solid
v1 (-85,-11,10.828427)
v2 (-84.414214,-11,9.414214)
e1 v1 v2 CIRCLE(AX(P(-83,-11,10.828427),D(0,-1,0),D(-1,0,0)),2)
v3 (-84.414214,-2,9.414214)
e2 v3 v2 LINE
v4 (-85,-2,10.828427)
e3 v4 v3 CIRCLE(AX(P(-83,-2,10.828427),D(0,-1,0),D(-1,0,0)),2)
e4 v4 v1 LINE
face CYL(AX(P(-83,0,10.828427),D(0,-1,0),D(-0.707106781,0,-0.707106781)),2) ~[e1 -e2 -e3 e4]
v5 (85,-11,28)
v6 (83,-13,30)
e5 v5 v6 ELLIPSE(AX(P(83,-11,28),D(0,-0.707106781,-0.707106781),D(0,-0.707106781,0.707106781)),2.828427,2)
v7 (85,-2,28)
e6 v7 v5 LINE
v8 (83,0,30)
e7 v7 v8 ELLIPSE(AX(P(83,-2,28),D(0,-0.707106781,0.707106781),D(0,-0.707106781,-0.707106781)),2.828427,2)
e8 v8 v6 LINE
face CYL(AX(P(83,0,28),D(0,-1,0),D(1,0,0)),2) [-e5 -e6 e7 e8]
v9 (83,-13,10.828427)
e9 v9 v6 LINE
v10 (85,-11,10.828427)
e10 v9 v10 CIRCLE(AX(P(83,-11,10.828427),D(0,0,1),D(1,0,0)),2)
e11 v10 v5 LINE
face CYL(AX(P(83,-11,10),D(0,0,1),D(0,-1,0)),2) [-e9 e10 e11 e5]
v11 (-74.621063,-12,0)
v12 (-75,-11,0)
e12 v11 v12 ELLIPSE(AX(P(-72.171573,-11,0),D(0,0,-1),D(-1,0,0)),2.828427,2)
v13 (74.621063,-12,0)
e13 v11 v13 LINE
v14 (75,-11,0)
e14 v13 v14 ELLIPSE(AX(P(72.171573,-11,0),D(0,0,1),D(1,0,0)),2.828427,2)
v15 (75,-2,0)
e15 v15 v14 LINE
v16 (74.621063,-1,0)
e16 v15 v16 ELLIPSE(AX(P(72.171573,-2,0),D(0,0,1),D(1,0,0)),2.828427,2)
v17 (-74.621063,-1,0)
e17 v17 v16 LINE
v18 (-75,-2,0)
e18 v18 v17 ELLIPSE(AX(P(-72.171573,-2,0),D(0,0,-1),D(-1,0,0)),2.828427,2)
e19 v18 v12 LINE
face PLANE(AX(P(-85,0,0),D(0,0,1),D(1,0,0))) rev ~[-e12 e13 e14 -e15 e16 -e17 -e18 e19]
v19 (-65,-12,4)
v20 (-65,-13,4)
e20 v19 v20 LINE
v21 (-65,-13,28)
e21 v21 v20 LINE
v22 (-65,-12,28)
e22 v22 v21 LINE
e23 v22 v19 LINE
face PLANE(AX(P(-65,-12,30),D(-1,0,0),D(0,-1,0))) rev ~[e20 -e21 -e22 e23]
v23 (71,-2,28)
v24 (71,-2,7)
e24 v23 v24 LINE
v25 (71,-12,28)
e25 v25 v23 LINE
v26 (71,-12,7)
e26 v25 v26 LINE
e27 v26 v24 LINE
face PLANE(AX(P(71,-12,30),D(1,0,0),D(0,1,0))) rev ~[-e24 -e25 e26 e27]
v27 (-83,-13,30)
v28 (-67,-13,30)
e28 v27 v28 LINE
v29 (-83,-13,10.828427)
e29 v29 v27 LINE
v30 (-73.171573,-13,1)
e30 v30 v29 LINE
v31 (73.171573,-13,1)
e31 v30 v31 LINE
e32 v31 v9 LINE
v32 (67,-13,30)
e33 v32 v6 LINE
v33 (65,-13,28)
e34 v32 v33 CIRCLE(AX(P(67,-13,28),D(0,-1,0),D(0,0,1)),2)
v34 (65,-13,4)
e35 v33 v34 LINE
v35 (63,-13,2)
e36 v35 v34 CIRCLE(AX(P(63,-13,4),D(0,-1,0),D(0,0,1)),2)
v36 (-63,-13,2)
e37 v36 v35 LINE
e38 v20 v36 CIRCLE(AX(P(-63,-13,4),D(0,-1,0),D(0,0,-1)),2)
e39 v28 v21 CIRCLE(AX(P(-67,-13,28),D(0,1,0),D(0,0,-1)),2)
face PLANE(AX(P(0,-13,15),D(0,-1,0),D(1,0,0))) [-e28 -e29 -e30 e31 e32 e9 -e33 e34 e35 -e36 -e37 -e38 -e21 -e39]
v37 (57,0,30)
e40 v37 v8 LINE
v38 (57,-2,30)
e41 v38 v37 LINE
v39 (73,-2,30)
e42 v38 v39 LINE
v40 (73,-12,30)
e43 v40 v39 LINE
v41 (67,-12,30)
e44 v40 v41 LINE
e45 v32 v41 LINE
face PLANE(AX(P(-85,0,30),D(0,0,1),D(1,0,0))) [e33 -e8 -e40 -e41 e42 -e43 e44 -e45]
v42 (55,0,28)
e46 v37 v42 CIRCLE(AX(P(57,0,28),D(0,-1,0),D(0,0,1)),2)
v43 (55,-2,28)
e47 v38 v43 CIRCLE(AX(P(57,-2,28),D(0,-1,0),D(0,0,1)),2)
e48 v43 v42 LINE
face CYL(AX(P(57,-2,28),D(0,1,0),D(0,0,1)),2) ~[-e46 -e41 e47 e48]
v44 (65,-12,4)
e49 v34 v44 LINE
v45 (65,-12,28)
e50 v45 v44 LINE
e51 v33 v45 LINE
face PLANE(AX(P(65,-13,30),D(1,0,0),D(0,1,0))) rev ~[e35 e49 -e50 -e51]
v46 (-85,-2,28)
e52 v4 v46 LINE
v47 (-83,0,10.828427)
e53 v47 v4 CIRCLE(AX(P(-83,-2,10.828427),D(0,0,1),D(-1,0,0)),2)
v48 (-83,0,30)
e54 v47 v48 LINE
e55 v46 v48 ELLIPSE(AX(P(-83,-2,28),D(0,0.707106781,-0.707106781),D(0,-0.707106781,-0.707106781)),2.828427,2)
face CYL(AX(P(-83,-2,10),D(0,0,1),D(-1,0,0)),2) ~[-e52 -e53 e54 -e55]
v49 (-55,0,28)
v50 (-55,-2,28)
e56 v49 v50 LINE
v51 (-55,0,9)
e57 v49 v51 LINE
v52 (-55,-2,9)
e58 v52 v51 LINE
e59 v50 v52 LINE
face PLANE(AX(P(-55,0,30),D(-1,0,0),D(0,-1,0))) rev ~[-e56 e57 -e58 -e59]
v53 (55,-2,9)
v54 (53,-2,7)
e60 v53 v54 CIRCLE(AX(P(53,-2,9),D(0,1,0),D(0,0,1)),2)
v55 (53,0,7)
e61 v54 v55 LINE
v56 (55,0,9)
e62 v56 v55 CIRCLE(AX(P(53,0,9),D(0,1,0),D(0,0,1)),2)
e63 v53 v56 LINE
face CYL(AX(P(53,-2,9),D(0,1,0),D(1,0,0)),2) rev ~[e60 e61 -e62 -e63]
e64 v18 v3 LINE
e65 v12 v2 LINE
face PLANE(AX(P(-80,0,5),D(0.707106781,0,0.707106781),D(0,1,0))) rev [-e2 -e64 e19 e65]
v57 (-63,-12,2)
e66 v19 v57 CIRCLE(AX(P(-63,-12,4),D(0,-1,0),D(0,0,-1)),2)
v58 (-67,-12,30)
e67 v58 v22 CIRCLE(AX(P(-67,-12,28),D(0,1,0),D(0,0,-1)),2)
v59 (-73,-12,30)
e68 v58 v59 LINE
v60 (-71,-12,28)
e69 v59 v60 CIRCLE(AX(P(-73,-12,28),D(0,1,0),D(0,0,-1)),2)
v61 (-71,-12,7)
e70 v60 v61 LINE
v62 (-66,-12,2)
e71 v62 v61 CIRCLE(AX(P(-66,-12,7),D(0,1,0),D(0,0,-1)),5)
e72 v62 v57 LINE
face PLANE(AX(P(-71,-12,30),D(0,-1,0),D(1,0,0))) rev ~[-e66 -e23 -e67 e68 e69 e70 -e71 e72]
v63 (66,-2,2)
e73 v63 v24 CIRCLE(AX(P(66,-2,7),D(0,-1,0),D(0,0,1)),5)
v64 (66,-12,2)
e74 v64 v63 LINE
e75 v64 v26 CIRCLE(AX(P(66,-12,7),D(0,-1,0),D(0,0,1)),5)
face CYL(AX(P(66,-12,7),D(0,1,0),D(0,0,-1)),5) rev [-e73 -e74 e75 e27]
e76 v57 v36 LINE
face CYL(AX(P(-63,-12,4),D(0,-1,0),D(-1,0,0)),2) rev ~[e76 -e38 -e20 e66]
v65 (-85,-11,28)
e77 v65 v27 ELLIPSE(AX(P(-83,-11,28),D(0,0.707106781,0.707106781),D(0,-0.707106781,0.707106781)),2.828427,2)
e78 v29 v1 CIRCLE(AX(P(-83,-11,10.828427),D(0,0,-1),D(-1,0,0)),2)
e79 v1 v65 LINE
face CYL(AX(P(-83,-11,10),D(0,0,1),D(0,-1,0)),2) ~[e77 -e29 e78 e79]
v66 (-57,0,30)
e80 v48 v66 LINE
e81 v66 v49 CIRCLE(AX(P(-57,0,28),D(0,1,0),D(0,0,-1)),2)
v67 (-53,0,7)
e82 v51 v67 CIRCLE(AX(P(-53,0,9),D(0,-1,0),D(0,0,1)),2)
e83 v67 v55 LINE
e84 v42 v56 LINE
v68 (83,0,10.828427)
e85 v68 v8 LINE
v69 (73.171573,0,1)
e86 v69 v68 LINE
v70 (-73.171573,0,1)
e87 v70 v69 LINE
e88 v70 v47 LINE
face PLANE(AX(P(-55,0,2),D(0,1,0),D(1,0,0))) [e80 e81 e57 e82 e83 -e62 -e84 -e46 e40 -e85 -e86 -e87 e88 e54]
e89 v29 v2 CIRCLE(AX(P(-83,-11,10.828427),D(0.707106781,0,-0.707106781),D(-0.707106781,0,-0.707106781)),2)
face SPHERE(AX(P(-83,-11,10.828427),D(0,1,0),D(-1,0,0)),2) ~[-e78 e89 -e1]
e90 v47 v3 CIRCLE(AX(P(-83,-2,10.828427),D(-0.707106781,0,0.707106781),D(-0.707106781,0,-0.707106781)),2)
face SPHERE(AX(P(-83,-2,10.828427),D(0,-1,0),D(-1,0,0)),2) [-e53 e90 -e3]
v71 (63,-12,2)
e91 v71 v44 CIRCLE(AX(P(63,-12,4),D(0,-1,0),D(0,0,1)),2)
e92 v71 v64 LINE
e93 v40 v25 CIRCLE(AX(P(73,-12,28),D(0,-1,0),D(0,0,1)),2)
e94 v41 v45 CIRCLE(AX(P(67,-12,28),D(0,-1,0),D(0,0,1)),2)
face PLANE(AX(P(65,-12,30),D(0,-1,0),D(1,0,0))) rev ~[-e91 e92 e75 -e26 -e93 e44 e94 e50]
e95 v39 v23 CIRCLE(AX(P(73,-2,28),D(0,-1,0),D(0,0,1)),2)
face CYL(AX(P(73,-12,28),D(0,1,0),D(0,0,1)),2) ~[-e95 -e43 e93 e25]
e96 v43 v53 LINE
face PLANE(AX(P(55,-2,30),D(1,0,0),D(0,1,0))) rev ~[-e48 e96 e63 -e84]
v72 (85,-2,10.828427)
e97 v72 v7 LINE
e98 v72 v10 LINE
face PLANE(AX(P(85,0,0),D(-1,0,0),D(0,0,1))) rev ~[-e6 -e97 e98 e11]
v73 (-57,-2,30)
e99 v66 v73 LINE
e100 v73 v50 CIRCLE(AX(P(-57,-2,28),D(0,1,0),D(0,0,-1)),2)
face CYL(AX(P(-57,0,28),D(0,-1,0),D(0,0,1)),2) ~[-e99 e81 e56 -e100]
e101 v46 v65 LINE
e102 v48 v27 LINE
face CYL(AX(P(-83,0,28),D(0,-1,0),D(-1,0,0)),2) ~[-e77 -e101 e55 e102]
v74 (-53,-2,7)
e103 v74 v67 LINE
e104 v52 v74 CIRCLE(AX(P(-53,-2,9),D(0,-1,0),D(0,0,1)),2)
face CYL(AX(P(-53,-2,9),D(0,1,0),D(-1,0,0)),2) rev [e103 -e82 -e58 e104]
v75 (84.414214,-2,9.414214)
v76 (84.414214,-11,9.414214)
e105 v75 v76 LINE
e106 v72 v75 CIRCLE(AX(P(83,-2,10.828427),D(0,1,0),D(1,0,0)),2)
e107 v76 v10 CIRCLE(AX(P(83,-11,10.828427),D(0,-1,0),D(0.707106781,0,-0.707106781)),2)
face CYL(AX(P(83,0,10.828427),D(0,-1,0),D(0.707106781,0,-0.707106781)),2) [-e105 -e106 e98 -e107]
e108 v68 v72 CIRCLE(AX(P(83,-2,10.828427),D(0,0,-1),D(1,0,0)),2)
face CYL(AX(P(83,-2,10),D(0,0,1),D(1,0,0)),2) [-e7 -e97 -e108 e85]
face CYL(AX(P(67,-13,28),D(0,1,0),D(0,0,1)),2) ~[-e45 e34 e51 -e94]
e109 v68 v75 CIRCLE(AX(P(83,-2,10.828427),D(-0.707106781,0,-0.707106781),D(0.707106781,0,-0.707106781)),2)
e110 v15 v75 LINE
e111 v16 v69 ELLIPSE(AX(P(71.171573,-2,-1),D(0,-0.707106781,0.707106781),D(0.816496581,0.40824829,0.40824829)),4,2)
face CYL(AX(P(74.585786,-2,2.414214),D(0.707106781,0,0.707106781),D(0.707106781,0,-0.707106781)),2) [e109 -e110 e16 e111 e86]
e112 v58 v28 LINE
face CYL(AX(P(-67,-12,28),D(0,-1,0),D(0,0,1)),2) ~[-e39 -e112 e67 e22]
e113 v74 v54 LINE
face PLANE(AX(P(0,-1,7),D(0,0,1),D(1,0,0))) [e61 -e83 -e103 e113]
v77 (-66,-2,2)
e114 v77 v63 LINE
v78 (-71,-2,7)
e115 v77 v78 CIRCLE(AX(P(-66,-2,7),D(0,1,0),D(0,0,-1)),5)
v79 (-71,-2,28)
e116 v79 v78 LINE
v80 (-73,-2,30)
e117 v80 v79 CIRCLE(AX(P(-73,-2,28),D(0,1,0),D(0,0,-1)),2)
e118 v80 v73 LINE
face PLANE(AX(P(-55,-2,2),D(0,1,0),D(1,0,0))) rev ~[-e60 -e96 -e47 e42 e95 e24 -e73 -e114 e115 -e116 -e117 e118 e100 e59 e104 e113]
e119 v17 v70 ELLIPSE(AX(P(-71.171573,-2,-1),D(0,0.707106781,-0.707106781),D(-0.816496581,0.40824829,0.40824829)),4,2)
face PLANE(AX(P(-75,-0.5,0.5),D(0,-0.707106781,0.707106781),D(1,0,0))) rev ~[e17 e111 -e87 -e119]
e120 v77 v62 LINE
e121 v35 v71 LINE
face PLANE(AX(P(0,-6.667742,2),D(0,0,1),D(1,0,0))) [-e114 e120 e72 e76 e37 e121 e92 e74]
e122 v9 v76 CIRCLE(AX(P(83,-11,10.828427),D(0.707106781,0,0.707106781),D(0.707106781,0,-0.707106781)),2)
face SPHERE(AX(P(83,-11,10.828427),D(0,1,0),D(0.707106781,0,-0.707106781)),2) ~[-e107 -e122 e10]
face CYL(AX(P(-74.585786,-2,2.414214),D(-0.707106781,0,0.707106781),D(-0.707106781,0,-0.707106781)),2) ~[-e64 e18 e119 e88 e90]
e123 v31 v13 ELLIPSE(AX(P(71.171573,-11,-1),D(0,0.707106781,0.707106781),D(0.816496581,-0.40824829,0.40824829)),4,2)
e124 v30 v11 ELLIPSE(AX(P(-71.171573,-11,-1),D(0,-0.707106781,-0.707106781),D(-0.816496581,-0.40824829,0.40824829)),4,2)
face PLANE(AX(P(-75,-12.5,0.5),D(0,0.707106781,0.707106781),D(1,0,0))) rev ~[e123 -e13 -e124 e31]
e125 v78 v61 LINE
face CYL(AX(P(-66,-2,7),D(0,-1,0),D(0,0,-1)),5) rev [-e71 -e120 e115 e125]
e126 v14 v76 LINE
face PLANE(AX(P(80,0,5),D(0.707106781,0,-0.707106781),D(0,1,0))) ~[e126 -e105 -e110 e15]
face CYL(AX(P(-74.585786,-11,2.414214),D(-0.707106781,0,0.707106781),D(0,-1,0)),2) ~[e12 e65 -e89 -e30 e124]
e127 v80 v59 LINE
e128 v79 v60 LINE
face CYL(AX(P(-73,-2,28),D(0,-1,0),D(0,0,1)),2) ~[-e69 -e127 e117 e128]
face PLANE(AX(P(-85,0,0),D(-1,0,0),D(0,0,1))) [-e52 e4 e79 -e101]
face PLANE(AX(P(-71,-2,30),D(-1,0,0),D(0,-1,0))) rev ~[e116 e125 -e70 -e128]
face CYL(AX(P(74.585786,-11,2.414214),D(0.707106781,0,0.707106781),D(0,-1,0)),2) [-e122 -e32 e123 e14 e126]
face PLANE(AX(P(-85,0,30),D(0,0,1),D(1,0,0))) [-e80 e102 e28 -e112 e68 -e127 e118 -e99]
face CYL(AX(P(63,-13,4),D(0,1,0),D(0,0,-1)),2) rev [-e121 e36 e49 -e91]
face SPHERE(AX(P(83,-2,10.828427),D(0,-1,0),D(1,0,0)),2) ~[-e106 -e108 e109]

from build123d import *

# Parameters (mm, degrees)
F0_W     = 170
F0_H     = 30
F1_DEPTH = 13
F3_DEPTH = 28
F4_W     = 110
F4_H     = 2
F5_DEPTH = 5
F6_SIZE  = 10
F7_R     = 5
F8_SIZE  = 1
F9_R     = 2


with BuildPart() as f1:
    # F0 (on Front) → F1 (new body)
    with BuildSketch(Plane.XZ):
        with Locations((0, 15)):
            Rectangle(F0_W, F0_H)
    extrude(amount=F1_DEPTH)

    # F2 (on face) → F3 (cut)
    with BuildSketch(Plane.XY.offset(30)):
        Polygon((-55, -2), (-71, -2), (-71, -12), (-65, -12), (-65, -13), (65, -13), (65, -12), (71, -12), (71, -2), (55, -2), (55, 0), (-55, 0), align=None)
    extrude(amount=-F3_DEPTH, mode=Mode.SUBTRACT)

    # F4 (on face) → F5 (join)
    with BuildSketch(Plane.XY.offset(2)):
        with Locations((0, -1)):
            Rectangle(F4_W, F4_H)
    extrude(amount=F5_DEPTH)

    # F6
    f6_edges = [f1.edges().sort_by_distance(p)[0] for p in [
        (85, -6.5, 0),
        (-85, -6.5, 0),
    ]]
    chamfer(f6_edges, length=F6_SIZE)

    # F7
    f7_edges = [f1.edges().sort_by_distance(p)[0] for p in [
        (-71, -7, 2),
        (71, -7, 2),
    ]]
    fillet(f7_edges, radius=F7_R)

    # F8
    f8_edges = [f1.edges().sort_by_distance(p)[0] for p in [
        (0, -13, 0),
        (0, 0, 0),
    ]]
    chamfer(f8_edges, length=F8_SIZE)

    # F9
    f9_edges = [f1.edges().sort_by_distance(p)[0] for p in [
        (-85, -6.5, 10),
        (-85, -6.5, 30),
        (-71, -7, 30),
        (71, -7, 30),
        (85, -6.5, 30),
        (85, -6.5, 10),
        (55, -1, 7),
        (55, -1, 30),
        (65, -12.5, 2),
        (65, -12.5, 30),
        (-55, -1, 30),
        (-55, -1, 7),
        (-65, -12.5, 2),
        (-65, -12.5, 30),
        (85, 0, 20),
        (80.5, 0, 5.5),
        (80.5, -13, 5.5),
        (85, -13, 20),
        (-85, 0, 20),
        (-80.5, 0, 5.5),
        (-85, -13, 20),
        (-80.5, -13, 5.5),
    ]]
    fillet(f9_edges, radius=F9_R)


solid = f1.part
